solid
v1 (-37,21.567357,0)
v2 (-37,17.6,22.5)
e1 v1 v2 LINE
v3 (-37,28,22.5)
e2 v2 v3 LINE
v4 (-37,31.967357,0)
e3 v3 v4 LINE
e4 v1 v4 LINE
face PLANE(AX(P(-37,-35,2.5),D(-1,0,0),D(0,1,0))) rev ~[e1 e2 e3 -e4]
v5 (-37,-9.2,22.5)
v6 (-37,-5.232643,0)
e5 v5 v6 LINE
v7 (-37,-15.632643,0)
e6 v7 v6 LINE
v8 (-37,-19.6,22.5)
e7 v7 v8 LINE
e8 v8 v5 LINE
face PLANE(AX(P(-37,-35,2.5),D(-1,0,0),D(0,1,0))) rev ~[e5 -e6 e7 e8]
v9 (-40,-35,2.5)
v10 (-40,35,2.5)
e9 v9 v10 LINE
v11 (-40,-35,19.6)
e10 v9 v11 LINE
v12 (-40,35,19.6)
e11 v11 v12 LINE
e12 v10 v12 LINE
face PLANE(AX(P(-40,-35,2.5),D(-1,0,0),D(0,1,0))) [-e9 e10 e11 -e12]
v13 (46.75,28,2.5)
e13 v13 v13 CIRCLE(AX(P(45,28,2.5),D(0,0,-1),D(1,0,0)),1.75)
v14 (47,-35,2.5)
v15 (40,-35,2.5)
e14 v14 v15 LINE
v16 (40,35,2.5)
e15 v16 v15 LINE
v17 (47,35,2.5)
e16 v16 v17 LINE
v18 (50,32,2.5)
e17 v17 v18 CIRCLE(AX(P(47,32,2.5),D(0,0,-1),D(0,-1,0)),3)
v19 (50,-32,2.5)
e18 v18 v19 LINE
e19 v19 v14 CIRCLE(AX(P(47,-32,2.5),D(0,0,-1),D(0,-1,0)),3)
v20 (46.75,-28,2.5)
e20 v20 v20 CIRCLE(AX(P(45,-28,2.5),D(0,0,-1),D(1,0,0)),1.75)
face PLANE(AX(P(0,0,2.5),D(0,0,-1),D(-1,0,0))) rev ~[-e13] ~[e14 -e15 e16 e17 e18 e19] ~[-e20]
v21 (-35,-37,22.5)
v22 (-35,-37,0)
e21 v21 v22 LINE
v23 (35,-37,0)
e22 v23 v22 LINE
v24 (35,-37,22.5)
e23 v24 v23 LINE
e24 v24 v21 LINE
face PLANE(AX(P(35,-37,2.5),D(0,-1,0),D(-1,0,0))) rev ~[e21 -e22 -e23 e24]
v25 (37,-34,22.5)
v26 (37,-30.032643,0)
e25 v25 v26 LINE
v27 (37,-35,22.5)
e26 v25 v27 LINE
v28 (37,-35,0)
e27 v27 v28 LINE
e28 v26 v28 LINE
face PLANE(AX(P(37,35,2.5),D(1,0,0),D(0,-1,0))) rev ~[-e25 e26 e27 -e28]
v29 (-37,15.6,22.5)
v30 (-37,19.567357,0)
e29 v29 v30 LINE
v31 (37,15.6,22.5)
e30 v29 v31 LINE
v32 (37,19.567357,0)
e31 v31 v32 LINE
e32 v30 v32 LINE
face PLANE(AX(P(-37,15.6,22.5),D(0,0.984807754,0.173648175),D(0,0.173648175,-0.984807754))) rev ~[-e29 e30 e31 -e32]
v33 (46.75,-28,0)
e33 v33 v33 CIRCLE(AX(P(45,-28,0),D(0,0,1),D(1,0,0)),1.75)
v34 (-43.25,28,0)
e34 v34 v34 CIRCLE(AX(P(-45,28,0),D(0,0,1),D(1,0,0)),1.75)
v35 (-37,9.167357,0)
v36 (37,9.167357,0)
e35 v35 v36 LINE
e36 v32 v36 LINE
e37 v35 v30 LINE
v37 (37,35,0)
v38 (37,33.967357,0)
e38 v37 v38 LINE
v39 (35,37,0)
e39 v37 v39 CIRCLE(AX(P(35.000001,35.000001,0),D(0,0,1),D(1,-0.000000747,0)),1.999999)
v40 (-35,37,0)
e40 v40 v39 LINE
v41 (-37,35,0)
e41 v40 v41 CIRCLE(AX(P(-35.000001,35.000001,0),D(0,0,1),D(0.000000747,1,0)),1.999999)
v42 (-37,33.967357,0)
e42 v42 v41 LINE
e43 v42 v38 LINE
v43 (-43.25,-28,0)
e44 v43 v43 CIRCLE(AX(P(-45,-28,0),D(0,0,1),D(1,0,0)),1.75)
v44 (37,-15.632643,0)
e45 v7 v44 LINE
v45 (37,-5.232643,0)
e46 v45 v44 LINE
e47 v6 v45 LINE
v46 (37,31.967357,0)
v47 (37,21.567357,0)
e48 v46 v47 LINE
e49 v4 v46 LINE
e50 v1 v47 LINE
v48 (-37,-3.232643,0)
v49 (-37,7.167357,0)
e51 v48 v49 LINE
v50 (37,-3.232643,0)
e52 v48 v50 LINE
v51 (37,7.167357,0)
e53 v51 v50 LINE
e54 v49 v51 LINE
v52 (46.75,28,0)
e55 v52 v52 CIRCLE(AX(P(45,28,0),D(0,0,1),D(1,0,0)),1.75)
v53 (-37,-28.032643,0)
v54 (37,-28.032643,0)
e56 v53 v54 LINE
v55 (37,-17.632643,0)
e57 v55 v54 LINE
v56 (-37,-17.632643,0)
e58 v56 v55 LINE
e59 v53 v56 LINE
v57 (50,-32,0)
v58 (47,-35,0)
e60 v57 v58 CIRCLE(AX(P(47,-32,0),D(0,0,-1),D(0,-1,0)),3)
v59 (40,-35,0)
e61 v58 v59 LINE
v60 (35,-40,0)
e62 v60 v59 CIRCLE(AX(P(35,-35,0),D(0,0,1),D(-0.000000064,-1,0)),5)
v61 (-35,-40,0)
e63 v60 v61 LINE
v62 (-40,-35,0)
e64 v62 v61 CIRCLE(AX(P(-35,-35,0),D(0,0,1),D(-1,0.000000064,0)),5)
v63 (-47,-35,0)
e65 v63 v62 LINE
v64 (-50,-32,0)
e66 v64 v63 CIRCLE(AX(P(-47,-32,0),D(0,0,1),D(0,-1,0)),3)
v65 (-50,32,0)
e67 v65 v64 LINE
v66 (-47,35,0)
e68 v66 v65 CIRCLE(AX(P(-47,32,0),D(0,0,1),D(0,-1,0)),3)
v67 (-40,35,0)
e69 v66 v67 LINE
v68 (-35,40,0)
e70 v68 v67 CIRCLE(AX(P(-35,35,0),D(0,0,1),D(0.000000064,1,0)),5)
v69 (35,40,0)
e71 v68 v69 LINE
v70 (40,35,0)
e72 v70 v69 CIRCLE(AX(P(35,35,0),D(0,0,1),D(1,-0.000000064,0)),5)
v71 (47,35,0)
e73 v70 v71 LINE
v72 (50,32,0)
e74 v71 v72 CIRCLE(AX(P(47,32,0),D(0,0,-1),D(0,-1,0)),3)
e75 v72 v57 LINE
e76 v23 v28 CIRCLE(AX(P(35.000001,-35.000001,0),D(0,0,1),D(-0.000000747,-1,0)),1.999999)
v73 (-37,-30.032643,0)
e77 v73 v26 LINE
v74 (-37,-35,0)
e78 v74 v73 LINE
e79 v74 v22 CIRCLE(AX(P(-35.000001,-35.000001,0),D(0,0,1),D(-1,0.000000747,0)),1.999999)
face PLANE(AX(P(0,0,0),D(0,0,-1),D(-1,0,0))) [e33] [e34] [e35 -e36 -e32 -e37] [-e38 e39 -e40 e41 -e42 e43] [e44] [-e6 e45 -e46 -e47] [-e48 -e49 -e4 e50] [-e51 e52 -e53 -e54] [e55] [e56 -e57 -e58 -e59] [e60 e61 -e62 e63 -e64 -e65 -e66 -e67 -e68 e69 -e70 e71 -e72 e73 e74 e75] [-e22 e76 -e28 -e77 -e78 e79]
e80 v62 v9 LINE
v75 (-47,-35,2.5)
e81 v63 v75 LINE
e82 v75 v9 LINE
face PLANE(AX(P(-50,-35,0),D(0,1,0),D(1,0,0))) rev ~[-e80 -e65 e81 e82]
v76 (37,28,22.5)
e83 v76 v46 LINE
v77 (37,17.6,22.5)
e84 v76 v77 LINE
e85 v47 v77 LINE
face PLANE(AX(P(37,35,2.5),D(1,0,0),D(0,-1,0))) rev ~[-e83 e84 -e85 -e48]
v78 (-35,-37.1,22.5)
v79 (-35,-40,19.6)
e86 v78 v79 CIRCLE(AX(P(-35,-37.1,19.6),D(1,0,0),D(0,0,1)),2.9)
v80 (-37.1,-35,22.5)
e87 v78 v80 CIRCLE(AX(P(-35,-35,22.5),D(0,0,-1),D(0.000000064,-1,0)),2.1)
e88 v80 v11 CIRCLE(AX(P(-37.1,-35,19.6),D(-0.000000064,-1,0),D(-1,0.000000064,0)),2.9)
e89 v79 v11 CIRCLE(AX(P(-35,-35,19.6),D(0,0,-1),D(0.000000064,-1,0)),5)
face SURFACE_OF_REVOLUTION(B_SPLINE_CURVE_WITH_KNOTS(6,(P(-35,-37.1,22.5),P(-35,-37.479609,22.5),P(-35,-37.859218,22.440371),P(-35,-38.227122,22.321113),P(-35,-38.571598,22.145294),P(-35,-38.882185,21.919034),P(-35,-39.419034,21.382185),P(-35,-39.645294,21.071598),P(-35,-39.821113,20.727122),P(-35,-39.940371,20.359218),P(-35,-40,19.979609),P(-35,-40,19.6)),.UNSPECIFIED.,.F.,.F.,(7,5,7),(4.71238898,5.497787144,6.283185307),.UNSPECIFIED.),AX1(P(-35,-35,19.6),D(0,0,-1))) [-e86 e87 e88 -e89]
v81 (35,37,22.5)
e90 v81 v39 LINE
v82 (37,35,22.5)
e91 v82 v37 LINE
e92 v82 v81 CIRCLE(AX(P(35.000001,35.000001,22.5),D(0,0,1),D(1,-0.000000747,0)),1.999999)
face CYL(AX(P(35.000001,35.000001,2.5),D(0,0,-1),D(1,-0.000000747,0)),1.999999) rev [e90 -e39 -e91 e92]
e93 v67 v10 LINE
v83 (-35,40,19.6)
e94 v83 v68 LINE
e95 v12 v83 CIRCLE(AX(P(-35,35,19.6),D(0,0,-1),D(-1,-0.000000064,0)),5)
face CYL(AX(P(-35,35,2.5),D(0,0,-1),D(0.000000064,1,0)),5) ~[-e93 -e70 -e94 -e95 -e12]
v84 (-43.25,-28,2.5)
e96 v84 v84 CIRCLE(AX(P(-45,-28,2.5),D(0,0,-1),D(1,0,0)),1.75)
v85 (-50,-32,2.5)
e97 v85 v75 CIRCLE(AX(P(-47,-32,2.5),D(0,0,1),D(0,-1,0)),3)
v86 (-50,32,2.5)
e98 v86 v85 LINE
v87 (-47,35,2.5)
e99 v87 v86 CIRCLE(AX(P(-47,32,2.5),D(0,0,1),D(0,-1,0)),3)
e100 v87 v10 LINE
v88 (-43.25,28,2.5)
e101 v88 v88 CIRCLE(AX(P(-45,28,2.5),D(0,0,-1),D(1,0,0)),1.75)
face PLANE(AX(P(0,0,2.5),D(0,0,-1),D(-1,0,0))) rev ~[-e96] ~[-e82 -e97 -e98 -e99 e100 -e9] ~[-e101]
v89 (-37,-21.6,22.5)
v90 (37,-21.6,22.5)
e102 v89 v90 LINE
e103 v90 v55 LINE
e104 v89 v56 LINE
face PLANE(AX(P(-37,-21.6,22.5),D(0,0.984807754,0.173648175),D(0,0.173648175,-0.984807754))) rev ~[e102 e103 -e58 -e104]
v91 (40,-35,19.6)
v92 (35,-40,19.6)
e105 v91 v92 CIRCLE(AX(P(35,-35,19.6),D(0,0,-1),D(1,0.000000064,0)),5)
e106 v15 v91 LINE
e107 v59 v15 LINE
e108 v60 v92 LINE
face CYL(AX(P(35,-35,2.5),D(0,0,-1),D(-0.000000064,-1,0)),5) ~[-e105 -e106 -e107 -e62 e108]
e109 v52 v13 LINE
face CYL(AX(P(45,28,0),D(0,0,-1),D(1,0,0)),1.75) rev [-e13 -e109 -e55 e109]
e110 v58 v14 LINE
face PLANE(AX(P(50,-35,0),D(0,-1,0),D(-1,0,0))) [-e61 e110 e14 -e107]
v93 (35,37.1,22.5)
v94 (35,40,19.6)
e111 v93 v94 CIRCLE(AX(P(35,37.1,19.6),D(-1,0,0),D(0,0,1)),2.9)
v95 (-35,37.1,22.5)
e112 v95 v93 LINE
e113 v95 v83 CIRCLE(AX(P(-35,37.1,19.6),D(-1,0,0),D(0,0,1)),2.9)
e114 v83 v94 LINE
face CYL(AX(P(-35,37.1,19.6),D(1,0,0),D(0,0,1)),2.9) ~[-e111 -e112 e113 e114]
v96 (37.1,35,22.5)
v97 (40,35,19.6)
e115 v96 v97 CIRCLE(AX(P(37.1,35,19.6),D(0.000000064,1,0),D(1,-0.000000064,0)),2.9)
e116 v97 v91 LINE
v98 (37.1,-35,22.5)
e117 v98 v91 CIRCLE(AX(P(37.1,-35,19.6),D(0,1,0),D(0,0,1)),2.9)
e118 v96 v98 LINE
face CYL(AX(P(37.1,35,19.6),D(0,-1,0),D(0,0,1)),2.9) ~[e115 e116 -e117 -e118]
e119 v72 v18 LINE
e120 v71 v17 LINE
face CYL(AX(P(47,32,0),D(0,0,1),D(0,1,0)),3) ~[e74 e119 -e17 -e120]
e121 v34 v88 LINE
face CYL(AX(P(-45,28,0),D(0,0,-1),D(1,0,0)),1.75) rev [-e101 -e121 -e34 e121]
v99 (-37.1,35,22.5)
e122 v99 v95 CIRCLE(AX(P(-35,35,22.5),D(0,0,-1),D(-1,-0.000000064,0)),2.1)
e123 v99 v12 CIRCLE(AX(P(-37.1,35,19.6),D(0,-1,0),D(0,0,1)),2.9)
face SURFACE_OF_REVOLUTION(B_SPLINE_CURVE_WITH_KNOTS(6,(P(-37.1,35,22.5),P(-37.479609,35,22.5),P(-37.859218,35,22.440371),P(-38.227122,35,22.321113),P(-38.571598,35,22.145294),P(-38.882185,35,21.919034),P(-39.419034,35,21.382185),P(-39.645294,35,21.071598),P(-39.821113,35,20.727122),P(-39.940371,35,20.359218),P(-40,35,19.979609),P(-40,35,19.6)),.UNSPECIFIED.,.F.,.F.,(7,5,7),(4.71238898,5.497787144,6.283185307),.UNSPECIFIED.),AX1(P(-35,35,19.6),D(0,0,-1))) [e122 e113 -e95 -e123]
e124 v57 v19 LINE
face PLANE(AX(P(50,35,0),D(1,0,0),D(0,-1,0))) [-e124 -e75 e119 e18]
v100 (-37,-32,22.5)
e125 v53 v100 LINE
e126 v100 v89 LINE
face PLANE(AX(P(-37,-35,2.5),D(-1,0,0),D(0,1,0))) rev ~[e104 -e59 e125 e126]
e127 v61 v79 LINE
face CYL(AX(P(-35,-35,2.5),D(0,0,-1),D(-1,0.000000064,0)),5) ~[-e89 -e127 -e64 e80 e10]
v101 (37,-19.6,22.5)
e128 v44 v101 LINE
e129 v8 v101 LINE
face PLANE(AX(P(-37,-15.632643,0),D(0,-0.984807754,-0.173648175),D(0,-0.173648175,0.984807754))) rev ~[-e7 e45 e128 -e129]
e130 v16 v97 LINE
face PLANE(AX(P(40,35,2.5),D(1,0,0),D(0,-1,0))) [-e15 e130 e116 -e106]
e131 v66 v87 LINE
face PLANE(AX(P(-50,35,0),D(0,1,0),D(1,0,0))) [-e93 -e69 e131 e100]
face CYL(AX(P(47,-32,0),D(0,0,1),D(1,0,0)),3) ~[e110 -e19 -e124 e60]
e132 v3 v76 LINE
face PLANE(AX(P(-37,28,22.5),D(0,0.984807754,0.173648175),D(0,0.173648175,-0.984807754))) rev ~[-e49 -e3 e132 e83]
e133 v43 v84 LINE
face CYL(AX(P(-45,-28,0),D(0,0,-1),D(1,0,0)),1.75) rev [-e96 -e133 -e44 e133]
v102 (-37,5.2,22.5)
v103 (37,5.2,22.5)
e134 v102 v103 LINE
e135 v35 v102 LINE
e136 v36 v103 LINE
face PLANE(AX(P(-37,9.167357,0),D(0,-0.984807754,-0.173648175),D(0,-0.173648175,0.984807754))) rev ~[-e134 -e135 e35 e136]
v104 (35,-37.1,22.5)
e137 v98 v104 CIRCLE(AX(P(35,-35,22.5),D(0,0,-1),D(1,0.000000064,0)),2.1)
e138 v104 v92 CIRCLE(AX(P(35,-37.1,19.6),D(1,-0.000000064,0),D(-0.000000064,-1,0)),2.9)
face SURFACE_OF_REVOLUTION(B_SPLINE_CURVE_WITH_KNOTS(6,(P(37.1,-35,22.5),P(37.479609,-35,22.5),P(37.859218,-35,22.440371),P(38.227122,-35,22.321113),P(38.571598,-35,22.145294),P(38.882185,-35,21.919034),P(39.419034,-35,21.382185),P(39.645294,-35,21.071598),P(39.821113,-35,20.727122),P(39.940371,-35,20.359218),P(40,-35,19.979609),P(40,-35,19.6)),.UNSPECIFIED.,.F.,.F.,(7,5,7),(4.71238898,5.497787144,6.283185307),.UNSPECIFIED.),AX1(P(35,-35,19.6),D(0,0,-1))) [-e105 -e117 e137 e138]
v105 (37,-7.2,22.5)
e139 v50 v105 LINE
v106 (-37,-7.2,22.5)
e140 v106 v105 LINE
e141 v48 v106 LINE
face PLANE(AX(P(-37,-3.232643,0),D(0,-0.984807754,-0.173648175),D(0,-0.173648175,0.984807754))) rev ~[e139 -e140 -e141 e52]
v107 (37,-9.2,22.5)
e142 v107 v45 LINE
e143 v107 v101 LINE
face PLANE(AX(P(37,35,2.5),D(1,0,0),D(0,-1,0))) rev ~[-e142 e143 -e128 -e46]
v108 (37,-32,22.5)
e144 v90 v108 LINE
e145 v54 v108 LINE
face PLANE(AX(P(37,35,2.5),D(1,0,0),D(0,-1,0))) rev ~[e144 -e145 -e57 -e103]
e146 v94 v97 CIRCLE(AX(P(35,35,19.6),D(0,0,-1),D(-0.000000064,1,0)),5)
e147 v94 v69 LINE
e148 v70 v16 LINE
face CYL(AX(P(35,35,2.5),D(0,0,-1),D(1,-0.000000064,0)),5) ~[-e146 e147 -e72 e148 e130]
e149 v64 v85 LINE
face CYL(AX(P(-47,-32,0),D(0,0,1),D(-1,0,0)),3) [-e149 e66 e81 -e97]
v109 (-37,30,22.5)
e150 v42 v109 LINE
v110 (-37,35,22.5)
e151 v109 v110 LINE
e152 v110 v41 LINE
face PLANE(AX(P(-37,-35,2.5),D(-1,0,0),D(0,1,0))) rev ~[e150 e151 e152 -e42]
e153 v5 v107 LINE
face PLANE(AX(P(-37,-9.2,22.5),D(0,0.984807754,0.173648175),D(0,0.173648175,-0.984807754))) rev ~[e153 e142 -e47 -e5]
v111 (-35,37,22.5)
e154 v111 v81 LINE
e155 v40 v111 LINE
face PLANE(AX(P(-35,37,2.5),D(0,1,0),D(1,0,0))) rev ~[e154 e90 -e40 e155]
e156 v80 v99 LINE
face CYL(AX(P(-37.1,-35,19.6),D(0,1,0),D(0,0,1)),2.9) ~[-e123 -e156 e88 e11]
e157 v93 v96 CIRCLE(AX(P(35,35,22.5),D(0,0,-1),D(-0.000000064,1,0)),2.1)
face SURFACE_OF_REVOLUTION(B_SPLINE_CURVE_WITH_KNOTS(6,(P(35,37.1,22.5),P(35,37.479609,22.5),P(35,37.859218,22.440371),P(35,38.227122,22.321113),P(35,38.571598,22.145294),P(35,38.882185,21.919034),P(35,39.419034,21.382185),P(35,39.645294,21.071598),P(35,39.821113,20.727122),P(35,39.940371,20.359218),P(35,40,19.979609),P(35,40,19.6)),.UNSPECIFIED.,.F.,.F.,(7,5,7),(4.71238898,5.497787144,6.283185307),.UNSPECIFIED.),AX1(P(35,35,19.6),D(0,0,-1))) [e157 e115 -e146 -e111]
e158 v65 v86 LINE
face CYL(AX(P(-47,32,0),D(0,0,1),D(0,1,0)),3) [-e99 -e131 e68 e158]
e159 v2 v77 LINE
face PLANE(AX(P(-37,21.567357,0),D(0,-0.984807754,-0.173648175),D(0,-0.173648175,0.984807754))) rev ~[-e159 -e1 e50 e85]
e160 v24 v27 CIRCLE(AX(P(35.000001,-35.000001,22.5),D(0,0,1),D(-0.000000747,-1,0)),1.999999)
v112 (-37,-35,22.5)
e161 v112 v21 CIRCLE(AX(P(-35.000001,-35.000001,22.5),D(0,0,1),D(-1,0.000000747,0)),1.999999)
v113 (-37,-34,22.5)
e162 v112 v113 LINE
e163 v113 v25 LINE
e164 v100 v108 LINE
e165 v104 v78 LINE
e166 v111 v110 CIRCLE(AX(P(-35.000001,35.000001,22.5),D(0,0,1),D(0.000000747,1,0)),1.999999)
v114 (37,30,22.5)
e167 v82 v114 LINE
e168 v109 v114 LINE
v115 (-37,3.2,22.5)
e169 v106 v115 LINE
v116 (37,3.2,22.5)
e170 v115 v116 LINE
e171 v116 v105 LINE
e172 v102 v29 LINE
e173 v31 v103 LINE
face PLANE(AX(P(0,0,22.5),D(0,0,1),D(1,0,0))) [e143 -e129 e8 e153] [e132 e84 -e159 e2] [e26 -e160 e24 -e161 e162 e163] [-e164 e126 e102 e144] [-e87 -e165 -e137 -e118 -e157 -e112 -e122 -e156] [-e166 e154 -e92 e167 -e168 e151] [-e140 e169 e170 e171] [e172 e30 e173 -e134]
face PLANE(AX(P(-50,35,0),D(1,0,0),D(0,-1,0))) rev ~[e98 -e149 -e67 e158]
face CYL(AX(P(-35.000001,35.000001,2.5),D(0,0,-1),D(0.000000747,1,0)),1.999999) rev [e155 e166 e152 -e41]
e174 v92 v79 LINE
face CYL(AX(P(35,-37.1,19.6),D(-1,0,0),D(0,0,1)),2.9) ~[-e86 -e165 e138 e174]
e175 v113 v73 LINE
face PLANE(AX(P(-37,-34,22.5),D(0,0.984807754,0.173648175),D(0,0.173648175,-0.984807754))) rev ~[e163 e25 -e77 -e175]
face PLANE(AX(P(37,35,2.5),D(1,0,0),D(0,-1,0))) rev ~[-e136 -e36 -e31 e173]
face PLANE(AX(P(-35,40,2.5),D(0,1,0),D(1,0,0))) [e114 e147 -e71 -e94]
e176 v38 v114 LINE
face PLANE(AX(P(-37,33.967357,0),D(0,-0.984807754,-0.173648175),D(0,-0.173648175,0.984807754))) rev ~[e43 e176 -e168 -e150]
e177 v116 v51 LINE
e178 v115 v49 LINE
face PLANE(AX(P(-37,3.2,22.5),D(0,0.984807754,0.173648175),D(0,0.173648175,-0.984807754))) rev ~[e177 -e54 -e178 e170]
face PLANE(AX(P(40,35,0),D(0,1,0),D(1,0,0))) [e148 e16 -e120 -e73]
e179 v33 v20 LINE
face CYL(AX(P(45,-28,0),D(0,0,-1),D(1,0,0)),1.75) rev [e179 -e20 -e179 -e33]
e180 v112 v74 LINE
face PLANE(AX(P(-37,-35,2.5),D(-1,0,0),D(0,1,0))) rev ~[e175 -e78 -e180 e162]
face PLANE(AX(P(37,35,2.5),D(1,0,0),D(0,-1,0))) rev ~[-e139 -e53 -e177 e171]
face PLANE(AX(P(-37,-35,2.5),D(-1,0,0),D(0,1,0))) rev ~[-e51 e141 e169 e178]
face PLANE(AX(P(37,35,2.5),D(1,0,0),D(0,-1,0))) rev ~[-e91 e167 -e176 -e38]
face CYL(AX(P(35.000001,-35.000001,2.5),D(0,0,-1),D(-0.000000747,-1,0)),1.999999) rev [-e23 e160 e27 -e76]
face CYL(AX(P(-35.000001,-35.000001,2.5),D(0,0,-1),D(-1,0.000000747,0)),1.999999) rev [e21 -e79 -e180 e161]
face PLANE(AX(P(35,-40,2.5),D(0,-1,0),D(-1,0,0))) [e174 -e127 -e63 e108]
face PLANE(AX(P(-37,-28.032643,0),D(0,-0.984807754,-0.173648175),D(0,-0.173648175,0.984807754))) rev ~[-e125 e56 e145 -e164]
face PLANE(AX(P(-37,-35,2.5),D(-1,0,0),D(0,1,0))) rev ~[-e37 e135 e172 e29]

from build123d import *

# Parameters (mm, degrees)
PAD_DEPTH           = 2.5
FILLET_R            = 3
SKETCH002_R         = 1.75
POCKET_DEPTH        = 0.001
POCKET_DEPTH_BACK   = -2.501
PAD001_DEPTH        = 20
FILLET001_R         = 2.9
PAD002_DEPTH        = 74
LINEARPATTERN_COUNT = 6
LINEARPATTERN_PITCH = 12.4


with BuildPart() as part:
    # Sketch001 → Pad (new body)
    with BuildSketch(Plane.XY):
        with BuildLine():
            Line((-50, 35), (-40, 35))
            ThreePointArc((-35, 40), (-38.535534, 38.535534), (-40, 35))
            Line((-35, 40), (35, 40))
            ThreePointArc((40, 35), (38.535534, 38.535534), (35, 40))
            Line((40, 35), (50, 35))
            Line((50, 35), (50, -35))
            Line((50, -35), (40, -35))
            ThreePointArc((35, -40), (38.535534, -38.535534), (40, -35))
            Line((35, -40), (-35, -40))
            ThreePointArc((-40, -35), (-38.535534, -38.535534), (-35, -40))
            Line((-50, -35), (-40, -35))
            Line((-50, 35), (-50, -35))
        make_face()
        with BuildLine():
            ThreePointArc((-35, 37), (-36.414214, 36.414214), (-37, 35))
            Line((-37, -35), (-37, 35))
            ThreePointArc((-37, -35), (-36.414214, -36.414214), (-35, -37))
            Line((35, -37), (-35, -37))
            ThreePointArc((35, -37), (36.414214, -36.414214), (37, -35))
            Line((37, 35), (37, -35))
            ThreePointArc((37, 35), (36.414214, 36.414214), (35, 37))
            Line((-35, 37), (35, 37))
        make_face(mode=Mode.SUBTRACT)
    extrude(amount=PAD_DEPTH)

    # Fillet
    fillet_edges = [part.edges().sort_by_distance(p)[0] for p in [
        (-50, -35, 1.25),
        (50, -35, 1.25),
        (-50, 35, 1.25),
        (50, 35, 1.25),
    ]]
    fillet(fillet_edges, radius=FILLET_R)

    # Sketch002 → Pocket (cut, two sides)
    with BuildSketch(Plane.XY) as pocket_sk:
        with Locations((-45, 28)):
            Circle(SKETCH002_R)
        with Locations((-45, -28)):
            Circle(SKETCH002_R)
        with Locations((45, -28)):
            Circle(SKETCH002_R)
        with Locations((45, 28)):
            Circle(SKETCH002_R)
    extrude(amount=-POCKET_DEPTH, mode=Mode.SUBTRACT)
    extrude(pocket_sk.sketch, amount=-POCKET_DEPTH_BACK, mode=Mode.SUBTRACT)

    # Sketch003 → Pad001 (join)
    with BuildSketch(Plane.XY.offset(2.5)):
        with BuildLine():
            ThreePointArc((-35, 40), (-38.535534, 38.535534), (-40, 35))
            Line((-40, -35), (-40, 35))
            ThreePointArc((-40, -35), (-38.535534, -38.535534), (-35, -40))
            Line((35, -40), (-35, -40))
            ThreePointArc((35, -40), (38.535534, -38.535534), (40, -35))
            Line((40, 35), (40, -35))
            ThreePointArc((40, 35), (38.535534, 38.535534), (35, 40))
            Line((-35, 40), (35, 40))
        make_face()
        with BuildLine():
            ThreePointArc((-35, 37), (-36.414214, 36.414214), (-37, 35))
            Line((-37, -35), (-37, 35))
            ThreePointArc((-37, -35), (-36.414214, -36.414214), (-35, -37))
            Line((35, -37), (-35, -37))
            ThreePointArc((35, -37), (36.414214, -36.414214), (37, -35))
            Line((37, 35), (37, -35))
            ThreePointArc((37, 35), (36.414214, 36.414214), (35, 37))
            Line((-35, 37), (35, 37))
        make_face(mode=Mode.SUBTRACT)
    extrude(amount=PAD001_DEPTH)

    # Fillet001
    fillet001_edges = [part.edges().sort_by_distance(p)[0] for p in [
        (0, 40, 22.5),
    ]]
    fillet(fillet001_edges, radius=FILLET001_R)

    # Sketch004 → Pad002 (join)
    with BuildSketch(Plane.YZ.offset(-37)):
        Polygon((33.967357, 0), (30, 22.5), (28, 22.5), (31.967357, 0), align=None)
    pad002 = extrude(amount=PAD002_DEPTH)

    # LinearPattern: Pad002 ×6
    with Locations(*[(0, -i * LINEARPATTERN_PITCH, 0) for i in range(1, LINEARPATTERN_COUNT)]):
        add(pad002)


solid = part.part
